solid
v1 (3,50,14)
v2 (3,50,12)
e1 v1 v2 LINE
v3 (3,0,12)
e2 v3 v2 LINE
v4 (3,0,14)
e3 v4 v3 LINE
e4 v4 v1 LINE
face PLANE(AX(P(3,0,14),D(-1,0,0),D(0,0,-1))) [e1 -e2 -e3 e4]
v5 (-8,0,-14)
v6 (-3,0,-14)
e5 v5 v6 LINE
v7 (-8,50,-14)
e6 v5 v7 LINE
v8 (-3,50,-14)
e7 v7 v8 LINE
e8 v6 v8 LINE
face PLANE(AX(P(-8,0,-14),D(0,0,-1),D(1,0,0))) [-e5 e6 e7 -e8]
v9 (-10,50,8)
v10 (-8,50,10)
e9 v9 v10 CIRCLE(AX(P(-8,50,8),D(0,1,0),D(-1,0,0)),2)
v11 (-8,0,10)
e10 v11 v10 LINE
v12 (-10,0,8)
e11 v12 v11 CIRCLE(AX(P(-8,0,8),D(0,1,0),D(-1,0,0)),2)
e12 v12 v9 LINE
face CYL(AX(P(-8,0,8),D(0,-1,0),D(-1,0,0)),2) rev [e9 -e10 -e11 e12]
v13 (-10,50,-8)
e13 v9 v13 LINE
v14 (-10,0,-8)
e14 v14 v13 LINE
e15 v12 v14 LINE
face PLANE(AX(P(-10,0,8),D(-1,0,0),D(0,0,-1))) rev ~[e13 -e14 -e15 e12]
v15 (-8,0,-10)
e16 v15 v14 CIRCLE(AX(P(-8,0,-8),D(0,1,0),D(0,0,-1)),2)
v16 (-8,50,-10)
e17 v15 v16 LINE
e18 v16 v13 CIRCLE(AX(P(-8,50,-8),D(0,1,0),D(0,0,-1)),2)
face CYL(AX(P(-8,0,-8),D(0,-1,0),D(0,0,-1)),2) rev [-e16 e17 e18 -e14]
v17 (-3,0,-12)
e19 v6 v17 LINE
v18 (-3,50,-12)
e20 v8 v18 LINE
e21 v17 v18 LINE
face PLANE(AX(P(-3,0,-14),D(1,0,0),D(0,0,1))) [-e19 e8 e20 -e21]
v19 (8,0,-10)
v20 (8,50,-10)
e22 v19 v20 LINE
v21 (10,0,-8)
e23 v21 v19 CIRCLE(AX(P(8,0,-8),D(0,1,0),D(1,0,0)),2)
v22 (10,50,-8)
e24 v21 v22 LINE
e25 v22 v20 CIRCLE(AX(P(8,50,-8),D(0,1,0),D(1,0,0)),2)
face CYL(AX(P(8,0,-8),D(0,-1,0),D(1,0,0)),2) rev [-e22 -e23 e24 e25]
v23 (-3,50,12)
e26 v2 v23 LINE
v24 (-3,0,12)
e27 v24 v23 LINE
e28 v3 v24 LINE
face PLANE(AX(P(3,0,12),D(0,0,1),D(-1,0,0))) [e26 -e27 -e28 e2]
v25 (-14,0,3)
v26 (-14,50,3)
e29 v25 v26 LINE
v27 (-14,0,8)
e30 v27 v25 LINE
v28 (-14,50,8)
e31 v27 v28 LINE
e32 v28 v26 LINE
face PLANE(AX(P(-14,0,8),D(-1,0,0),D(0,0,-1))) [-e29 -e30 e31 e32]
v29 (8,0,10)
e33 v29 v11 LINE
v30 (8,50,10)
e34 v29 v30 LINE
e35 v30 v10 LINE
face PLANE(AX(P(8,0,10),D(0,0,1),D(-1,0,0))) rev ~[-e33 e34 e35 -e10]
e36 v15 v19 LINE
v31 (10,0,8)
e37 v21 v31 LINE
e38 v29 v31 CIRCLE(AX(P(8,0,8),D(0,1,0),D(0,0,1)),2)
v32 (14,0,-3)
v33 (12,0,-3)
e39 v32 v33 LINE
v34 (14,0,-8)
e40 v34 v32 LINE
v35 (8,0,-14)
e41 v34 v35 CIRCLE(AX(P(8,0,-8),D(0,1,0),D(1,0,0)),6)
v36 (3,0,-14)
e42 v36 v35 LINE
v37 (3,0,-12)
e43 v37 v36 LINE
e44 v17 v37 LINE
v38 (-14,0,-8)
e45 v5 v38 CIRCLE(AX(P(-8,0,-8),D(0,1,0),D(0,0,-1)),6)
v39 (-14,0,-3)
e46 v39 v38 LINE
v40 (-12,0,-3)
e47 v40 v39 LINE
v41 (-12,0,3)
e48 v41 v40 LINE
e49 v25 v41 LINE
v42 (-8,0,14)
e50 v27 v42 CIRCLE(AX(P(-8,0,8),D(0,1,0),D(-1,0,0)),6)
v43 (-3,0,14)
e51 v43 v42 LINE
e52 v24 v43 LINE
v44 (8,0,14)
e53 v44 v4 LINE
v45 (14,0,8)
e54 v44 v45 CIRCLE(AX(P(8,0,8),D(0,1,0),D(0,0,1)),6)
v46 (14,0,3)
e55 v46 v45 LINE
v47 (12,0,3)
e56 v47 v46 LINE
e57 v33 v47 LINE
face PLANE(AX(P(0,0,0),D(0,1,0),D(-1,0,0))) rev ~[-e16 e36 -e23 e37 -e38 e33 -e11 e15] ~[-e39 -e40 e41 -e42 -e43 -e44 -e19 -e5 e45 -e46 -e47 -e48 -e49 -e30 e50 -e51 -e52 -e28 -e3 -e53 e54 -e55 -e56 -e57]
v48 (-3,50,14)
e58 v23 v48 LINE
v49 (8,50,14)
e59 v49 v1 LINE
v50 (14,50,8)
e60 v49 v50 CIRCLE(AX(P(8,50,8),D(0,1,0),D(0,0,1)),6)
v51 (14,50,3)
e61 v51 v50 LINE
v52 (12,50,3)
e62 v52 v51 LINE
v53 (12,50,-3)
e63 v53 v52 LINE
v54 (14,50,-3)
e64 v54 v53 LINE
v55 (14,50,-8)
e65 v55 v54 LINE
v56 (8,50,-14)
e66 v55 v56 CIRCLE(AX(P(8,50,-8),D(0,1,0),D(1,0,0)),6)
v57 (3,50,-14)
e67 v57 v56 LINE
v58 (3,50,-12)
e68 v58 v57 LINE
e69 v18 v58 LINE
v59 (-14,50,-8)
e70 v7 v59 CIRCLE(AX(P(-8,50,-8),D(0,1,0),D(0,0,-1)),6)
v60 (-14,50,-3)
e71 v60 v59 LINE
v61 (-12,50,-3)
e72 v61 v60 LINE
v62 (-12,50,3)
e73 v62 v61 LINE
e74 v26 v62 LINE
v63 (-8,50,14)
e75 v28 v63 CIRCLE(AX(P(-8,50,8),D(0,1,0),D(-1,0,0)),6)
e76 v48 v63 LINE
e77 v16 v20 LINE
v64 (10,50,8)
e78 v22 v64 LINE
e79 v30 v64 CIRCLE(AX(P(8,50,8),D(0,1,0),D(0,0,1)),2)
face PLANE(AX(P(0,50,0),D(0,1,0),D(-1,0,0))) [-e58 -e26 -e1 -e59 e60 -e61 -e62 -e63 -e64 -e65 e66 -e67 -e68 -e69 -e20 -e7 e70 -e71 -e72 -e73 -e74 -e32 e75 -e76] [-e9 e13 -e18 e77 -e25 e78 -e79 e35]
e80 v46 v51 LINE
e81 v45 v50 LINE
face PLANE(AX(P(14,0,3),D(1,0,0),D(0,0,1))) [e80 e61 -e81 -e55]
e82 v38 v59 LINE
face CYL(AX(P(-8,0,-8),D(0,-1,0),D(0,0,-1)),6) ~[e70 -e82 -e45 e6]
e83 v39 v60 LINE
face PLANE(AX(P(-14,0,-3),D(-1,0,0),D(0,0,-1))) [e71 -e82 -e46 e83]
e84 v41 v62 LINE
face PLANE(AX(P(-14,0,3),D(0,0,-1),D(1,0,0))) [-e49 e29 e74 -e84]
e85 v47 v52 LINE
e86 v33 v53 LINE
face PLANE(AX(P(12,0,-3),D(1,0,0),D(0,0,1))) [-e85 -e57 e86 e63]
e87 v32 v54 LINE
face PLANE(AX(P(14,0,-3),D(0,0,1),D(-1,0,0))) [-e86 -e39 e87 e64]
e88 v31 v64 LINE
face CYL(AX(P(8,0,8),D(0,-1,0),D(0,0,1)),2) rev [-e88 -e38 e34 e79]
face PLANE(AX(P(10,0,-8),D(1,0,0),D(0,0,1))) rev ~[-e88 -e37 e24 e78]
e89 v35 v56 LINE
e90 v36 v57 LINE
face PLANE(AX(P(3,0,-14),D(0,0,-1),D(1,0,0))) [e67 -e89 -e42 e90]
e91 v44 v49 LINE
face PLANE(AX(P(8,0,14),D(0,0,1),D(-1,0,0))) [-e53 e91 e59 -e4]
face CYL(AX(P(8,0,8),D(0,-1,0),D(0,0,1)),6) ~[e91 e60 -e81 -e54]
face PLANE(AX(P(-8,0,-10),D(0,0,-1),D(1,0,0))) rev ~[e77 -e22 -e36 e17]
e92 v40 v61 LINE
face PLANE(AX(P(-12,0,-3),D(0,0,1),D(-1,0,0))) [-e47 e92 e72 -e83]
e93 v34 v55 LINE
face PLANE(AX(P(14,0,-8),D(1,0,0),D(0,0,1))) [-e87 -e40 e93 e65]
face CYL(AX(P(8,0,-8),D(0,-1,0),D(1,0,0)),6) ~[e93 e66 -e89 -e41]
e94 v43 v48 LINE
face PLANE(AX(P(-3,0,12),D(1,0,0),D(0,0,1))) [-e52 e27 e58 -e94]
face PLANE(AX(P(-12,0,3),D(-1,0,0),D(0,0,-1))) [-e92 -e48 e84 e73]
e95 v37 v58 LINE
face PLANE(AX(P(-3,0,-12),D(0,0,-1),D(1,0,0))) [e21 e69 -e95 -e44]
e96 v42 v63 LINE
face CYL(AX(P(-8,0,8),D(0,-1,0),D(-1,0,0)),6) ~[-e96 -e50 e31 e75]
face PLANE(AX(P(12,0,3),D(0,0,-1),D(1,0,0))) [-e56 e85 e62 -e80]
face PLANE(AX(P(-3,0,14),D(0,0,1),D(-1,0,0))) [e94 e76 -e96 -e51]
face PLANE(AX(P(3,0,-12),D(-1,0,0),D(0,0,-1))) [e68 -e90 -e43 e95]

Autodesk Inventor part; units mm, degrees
ref_plane "YZ Plane" through (0, 0, 0) normal (1, 0, 0) x (0, 1, 0)
ref_plane "Start Plane" through (0, 0, 0) normal (0, 1, 0) x (-1, 0, 0)
ref_plane "End Plane" through (0, 50, 0) normal (0, 1, 0) x (-1, 0, 0)
sketch "Sketch1" plane through (0, 0, 0) normal (0, 1, 0) x (-1, 0, 0)
  line L0 (8, -10) -> (-8, -10)
  line L1 (-10, -8) -> (-10, 8)
  line L2 (-8, 10) -> (8, 10)
  line L3 (10, 8) -> (10, -8)
  line L4 (10, -10) -> (-10, 10) construction
  line L5 (-10, -10) -> (10, 10) construction
  line L6 (14, -14) -> (-14, 14) construction
  line L7 (-14, -14) -> (14, 14) construction
  arc A0 (8, -10) -> (10, -8) centre (8, -8) ccw
  arc A1 (-10, -8) -> (-8, -10) centre (-8, -8) ccw
  arc A2 (-8, 10) -> (-10, 8) centre (-8, 8) ccw
  arc A3 (10, 8) -> (8, 10) centre (8, 8) ccw
  arc A4 (8, -14) -> (14, -8) centre (8, -8) ccw
  arc A5 (-14, -8) -> (-8, -14) centre (-8, -8) ccw
  arc A6 (-8, 14) -> (-14, 8) centre (-8, 8) ccw
  arc A7 (14, 8) -> (8, 14) centre (8, 8) ccw
  line L8 (3, -14) -> (3, -12)
  line L9 (3, -12) -> (-3, -12)
  line L10 (-3, -12) -> (-3, -14)
  line L11 (-14, -3) -> (-12, -3)
  line L12 (-12, -3) -> (-12, 3)
  line L13 (-12, 3) -> (-14, 3)
  line L14 (-3, 14) -> (-3, 12)
  line L15 (-3, 12) -> (3, 12)
  line L16 (3, 12) -> (3, 14)
  line L17 (14, 3) -> (12, 3)
  line L18 (12, 3) -> (12, -3)
  line L19 (12, -3) -> (14, -3)
  line L20 (0, -10) -> (0, -12) construction
  line L21 (-10, 0) -> (-12, 0) construction
  line L22 (0, 10) -> (0, 12) construction
  line L23 (10, 0) -> (12, 0) construction
  line L24 (14, 8) -> (14, 3)
  line L25 (14, -3) -> (14, -8)
  line L26 (8, -14) -> (3, -14)
  line L27 (-3, -14) -> (-8, -14)
  line L28 (-14, -8) -> (-14, -3)
  line L29 (-14, 3) -> (-14, 8)
  line L30 (-8, 14) -> (-3, 14)
  line L31 (3, 14) -> (8, 14)
  point P0 (0, 0)
  dimension "d1" = 20
  dimension "d2" = 2
  dimension "d3" = 6
  dimension "d4" = 20
  dimension "d5" = 6
  dimension "d6" = 2
  dimension "d8" = 28
extrude "Body" add sketch "Sketch1" along normal up to surface (50 mm away) from surface at 0
sketch "Sketch2" plane through (0, 0, 0) normal (0, 1, 0) x (-1, 0, 0)
  line L0 (0, 0) -> (10, 0)
ref_plane "Work Plane3" through (0, 0, 0) normal (0, 0, -1) x (-1, 0, 0)
sketch "Sketch3" plane through (0, 0, 0) normal (0, 0, -1) x (-1, 0, 0)
  line L0 (-19.6, 0) -> (19.6, 0) construction
  line L1 (-19.6, 50) -> (19.6, 50) construction
  dimension "d16" = 50
equation "\"G_OFFSET_START\" = 0"
equation "\"G_OFFSET_END\" = 0"
equation "\"G_L\" = d16"
properties part number "CE-5.2.2-PR"
